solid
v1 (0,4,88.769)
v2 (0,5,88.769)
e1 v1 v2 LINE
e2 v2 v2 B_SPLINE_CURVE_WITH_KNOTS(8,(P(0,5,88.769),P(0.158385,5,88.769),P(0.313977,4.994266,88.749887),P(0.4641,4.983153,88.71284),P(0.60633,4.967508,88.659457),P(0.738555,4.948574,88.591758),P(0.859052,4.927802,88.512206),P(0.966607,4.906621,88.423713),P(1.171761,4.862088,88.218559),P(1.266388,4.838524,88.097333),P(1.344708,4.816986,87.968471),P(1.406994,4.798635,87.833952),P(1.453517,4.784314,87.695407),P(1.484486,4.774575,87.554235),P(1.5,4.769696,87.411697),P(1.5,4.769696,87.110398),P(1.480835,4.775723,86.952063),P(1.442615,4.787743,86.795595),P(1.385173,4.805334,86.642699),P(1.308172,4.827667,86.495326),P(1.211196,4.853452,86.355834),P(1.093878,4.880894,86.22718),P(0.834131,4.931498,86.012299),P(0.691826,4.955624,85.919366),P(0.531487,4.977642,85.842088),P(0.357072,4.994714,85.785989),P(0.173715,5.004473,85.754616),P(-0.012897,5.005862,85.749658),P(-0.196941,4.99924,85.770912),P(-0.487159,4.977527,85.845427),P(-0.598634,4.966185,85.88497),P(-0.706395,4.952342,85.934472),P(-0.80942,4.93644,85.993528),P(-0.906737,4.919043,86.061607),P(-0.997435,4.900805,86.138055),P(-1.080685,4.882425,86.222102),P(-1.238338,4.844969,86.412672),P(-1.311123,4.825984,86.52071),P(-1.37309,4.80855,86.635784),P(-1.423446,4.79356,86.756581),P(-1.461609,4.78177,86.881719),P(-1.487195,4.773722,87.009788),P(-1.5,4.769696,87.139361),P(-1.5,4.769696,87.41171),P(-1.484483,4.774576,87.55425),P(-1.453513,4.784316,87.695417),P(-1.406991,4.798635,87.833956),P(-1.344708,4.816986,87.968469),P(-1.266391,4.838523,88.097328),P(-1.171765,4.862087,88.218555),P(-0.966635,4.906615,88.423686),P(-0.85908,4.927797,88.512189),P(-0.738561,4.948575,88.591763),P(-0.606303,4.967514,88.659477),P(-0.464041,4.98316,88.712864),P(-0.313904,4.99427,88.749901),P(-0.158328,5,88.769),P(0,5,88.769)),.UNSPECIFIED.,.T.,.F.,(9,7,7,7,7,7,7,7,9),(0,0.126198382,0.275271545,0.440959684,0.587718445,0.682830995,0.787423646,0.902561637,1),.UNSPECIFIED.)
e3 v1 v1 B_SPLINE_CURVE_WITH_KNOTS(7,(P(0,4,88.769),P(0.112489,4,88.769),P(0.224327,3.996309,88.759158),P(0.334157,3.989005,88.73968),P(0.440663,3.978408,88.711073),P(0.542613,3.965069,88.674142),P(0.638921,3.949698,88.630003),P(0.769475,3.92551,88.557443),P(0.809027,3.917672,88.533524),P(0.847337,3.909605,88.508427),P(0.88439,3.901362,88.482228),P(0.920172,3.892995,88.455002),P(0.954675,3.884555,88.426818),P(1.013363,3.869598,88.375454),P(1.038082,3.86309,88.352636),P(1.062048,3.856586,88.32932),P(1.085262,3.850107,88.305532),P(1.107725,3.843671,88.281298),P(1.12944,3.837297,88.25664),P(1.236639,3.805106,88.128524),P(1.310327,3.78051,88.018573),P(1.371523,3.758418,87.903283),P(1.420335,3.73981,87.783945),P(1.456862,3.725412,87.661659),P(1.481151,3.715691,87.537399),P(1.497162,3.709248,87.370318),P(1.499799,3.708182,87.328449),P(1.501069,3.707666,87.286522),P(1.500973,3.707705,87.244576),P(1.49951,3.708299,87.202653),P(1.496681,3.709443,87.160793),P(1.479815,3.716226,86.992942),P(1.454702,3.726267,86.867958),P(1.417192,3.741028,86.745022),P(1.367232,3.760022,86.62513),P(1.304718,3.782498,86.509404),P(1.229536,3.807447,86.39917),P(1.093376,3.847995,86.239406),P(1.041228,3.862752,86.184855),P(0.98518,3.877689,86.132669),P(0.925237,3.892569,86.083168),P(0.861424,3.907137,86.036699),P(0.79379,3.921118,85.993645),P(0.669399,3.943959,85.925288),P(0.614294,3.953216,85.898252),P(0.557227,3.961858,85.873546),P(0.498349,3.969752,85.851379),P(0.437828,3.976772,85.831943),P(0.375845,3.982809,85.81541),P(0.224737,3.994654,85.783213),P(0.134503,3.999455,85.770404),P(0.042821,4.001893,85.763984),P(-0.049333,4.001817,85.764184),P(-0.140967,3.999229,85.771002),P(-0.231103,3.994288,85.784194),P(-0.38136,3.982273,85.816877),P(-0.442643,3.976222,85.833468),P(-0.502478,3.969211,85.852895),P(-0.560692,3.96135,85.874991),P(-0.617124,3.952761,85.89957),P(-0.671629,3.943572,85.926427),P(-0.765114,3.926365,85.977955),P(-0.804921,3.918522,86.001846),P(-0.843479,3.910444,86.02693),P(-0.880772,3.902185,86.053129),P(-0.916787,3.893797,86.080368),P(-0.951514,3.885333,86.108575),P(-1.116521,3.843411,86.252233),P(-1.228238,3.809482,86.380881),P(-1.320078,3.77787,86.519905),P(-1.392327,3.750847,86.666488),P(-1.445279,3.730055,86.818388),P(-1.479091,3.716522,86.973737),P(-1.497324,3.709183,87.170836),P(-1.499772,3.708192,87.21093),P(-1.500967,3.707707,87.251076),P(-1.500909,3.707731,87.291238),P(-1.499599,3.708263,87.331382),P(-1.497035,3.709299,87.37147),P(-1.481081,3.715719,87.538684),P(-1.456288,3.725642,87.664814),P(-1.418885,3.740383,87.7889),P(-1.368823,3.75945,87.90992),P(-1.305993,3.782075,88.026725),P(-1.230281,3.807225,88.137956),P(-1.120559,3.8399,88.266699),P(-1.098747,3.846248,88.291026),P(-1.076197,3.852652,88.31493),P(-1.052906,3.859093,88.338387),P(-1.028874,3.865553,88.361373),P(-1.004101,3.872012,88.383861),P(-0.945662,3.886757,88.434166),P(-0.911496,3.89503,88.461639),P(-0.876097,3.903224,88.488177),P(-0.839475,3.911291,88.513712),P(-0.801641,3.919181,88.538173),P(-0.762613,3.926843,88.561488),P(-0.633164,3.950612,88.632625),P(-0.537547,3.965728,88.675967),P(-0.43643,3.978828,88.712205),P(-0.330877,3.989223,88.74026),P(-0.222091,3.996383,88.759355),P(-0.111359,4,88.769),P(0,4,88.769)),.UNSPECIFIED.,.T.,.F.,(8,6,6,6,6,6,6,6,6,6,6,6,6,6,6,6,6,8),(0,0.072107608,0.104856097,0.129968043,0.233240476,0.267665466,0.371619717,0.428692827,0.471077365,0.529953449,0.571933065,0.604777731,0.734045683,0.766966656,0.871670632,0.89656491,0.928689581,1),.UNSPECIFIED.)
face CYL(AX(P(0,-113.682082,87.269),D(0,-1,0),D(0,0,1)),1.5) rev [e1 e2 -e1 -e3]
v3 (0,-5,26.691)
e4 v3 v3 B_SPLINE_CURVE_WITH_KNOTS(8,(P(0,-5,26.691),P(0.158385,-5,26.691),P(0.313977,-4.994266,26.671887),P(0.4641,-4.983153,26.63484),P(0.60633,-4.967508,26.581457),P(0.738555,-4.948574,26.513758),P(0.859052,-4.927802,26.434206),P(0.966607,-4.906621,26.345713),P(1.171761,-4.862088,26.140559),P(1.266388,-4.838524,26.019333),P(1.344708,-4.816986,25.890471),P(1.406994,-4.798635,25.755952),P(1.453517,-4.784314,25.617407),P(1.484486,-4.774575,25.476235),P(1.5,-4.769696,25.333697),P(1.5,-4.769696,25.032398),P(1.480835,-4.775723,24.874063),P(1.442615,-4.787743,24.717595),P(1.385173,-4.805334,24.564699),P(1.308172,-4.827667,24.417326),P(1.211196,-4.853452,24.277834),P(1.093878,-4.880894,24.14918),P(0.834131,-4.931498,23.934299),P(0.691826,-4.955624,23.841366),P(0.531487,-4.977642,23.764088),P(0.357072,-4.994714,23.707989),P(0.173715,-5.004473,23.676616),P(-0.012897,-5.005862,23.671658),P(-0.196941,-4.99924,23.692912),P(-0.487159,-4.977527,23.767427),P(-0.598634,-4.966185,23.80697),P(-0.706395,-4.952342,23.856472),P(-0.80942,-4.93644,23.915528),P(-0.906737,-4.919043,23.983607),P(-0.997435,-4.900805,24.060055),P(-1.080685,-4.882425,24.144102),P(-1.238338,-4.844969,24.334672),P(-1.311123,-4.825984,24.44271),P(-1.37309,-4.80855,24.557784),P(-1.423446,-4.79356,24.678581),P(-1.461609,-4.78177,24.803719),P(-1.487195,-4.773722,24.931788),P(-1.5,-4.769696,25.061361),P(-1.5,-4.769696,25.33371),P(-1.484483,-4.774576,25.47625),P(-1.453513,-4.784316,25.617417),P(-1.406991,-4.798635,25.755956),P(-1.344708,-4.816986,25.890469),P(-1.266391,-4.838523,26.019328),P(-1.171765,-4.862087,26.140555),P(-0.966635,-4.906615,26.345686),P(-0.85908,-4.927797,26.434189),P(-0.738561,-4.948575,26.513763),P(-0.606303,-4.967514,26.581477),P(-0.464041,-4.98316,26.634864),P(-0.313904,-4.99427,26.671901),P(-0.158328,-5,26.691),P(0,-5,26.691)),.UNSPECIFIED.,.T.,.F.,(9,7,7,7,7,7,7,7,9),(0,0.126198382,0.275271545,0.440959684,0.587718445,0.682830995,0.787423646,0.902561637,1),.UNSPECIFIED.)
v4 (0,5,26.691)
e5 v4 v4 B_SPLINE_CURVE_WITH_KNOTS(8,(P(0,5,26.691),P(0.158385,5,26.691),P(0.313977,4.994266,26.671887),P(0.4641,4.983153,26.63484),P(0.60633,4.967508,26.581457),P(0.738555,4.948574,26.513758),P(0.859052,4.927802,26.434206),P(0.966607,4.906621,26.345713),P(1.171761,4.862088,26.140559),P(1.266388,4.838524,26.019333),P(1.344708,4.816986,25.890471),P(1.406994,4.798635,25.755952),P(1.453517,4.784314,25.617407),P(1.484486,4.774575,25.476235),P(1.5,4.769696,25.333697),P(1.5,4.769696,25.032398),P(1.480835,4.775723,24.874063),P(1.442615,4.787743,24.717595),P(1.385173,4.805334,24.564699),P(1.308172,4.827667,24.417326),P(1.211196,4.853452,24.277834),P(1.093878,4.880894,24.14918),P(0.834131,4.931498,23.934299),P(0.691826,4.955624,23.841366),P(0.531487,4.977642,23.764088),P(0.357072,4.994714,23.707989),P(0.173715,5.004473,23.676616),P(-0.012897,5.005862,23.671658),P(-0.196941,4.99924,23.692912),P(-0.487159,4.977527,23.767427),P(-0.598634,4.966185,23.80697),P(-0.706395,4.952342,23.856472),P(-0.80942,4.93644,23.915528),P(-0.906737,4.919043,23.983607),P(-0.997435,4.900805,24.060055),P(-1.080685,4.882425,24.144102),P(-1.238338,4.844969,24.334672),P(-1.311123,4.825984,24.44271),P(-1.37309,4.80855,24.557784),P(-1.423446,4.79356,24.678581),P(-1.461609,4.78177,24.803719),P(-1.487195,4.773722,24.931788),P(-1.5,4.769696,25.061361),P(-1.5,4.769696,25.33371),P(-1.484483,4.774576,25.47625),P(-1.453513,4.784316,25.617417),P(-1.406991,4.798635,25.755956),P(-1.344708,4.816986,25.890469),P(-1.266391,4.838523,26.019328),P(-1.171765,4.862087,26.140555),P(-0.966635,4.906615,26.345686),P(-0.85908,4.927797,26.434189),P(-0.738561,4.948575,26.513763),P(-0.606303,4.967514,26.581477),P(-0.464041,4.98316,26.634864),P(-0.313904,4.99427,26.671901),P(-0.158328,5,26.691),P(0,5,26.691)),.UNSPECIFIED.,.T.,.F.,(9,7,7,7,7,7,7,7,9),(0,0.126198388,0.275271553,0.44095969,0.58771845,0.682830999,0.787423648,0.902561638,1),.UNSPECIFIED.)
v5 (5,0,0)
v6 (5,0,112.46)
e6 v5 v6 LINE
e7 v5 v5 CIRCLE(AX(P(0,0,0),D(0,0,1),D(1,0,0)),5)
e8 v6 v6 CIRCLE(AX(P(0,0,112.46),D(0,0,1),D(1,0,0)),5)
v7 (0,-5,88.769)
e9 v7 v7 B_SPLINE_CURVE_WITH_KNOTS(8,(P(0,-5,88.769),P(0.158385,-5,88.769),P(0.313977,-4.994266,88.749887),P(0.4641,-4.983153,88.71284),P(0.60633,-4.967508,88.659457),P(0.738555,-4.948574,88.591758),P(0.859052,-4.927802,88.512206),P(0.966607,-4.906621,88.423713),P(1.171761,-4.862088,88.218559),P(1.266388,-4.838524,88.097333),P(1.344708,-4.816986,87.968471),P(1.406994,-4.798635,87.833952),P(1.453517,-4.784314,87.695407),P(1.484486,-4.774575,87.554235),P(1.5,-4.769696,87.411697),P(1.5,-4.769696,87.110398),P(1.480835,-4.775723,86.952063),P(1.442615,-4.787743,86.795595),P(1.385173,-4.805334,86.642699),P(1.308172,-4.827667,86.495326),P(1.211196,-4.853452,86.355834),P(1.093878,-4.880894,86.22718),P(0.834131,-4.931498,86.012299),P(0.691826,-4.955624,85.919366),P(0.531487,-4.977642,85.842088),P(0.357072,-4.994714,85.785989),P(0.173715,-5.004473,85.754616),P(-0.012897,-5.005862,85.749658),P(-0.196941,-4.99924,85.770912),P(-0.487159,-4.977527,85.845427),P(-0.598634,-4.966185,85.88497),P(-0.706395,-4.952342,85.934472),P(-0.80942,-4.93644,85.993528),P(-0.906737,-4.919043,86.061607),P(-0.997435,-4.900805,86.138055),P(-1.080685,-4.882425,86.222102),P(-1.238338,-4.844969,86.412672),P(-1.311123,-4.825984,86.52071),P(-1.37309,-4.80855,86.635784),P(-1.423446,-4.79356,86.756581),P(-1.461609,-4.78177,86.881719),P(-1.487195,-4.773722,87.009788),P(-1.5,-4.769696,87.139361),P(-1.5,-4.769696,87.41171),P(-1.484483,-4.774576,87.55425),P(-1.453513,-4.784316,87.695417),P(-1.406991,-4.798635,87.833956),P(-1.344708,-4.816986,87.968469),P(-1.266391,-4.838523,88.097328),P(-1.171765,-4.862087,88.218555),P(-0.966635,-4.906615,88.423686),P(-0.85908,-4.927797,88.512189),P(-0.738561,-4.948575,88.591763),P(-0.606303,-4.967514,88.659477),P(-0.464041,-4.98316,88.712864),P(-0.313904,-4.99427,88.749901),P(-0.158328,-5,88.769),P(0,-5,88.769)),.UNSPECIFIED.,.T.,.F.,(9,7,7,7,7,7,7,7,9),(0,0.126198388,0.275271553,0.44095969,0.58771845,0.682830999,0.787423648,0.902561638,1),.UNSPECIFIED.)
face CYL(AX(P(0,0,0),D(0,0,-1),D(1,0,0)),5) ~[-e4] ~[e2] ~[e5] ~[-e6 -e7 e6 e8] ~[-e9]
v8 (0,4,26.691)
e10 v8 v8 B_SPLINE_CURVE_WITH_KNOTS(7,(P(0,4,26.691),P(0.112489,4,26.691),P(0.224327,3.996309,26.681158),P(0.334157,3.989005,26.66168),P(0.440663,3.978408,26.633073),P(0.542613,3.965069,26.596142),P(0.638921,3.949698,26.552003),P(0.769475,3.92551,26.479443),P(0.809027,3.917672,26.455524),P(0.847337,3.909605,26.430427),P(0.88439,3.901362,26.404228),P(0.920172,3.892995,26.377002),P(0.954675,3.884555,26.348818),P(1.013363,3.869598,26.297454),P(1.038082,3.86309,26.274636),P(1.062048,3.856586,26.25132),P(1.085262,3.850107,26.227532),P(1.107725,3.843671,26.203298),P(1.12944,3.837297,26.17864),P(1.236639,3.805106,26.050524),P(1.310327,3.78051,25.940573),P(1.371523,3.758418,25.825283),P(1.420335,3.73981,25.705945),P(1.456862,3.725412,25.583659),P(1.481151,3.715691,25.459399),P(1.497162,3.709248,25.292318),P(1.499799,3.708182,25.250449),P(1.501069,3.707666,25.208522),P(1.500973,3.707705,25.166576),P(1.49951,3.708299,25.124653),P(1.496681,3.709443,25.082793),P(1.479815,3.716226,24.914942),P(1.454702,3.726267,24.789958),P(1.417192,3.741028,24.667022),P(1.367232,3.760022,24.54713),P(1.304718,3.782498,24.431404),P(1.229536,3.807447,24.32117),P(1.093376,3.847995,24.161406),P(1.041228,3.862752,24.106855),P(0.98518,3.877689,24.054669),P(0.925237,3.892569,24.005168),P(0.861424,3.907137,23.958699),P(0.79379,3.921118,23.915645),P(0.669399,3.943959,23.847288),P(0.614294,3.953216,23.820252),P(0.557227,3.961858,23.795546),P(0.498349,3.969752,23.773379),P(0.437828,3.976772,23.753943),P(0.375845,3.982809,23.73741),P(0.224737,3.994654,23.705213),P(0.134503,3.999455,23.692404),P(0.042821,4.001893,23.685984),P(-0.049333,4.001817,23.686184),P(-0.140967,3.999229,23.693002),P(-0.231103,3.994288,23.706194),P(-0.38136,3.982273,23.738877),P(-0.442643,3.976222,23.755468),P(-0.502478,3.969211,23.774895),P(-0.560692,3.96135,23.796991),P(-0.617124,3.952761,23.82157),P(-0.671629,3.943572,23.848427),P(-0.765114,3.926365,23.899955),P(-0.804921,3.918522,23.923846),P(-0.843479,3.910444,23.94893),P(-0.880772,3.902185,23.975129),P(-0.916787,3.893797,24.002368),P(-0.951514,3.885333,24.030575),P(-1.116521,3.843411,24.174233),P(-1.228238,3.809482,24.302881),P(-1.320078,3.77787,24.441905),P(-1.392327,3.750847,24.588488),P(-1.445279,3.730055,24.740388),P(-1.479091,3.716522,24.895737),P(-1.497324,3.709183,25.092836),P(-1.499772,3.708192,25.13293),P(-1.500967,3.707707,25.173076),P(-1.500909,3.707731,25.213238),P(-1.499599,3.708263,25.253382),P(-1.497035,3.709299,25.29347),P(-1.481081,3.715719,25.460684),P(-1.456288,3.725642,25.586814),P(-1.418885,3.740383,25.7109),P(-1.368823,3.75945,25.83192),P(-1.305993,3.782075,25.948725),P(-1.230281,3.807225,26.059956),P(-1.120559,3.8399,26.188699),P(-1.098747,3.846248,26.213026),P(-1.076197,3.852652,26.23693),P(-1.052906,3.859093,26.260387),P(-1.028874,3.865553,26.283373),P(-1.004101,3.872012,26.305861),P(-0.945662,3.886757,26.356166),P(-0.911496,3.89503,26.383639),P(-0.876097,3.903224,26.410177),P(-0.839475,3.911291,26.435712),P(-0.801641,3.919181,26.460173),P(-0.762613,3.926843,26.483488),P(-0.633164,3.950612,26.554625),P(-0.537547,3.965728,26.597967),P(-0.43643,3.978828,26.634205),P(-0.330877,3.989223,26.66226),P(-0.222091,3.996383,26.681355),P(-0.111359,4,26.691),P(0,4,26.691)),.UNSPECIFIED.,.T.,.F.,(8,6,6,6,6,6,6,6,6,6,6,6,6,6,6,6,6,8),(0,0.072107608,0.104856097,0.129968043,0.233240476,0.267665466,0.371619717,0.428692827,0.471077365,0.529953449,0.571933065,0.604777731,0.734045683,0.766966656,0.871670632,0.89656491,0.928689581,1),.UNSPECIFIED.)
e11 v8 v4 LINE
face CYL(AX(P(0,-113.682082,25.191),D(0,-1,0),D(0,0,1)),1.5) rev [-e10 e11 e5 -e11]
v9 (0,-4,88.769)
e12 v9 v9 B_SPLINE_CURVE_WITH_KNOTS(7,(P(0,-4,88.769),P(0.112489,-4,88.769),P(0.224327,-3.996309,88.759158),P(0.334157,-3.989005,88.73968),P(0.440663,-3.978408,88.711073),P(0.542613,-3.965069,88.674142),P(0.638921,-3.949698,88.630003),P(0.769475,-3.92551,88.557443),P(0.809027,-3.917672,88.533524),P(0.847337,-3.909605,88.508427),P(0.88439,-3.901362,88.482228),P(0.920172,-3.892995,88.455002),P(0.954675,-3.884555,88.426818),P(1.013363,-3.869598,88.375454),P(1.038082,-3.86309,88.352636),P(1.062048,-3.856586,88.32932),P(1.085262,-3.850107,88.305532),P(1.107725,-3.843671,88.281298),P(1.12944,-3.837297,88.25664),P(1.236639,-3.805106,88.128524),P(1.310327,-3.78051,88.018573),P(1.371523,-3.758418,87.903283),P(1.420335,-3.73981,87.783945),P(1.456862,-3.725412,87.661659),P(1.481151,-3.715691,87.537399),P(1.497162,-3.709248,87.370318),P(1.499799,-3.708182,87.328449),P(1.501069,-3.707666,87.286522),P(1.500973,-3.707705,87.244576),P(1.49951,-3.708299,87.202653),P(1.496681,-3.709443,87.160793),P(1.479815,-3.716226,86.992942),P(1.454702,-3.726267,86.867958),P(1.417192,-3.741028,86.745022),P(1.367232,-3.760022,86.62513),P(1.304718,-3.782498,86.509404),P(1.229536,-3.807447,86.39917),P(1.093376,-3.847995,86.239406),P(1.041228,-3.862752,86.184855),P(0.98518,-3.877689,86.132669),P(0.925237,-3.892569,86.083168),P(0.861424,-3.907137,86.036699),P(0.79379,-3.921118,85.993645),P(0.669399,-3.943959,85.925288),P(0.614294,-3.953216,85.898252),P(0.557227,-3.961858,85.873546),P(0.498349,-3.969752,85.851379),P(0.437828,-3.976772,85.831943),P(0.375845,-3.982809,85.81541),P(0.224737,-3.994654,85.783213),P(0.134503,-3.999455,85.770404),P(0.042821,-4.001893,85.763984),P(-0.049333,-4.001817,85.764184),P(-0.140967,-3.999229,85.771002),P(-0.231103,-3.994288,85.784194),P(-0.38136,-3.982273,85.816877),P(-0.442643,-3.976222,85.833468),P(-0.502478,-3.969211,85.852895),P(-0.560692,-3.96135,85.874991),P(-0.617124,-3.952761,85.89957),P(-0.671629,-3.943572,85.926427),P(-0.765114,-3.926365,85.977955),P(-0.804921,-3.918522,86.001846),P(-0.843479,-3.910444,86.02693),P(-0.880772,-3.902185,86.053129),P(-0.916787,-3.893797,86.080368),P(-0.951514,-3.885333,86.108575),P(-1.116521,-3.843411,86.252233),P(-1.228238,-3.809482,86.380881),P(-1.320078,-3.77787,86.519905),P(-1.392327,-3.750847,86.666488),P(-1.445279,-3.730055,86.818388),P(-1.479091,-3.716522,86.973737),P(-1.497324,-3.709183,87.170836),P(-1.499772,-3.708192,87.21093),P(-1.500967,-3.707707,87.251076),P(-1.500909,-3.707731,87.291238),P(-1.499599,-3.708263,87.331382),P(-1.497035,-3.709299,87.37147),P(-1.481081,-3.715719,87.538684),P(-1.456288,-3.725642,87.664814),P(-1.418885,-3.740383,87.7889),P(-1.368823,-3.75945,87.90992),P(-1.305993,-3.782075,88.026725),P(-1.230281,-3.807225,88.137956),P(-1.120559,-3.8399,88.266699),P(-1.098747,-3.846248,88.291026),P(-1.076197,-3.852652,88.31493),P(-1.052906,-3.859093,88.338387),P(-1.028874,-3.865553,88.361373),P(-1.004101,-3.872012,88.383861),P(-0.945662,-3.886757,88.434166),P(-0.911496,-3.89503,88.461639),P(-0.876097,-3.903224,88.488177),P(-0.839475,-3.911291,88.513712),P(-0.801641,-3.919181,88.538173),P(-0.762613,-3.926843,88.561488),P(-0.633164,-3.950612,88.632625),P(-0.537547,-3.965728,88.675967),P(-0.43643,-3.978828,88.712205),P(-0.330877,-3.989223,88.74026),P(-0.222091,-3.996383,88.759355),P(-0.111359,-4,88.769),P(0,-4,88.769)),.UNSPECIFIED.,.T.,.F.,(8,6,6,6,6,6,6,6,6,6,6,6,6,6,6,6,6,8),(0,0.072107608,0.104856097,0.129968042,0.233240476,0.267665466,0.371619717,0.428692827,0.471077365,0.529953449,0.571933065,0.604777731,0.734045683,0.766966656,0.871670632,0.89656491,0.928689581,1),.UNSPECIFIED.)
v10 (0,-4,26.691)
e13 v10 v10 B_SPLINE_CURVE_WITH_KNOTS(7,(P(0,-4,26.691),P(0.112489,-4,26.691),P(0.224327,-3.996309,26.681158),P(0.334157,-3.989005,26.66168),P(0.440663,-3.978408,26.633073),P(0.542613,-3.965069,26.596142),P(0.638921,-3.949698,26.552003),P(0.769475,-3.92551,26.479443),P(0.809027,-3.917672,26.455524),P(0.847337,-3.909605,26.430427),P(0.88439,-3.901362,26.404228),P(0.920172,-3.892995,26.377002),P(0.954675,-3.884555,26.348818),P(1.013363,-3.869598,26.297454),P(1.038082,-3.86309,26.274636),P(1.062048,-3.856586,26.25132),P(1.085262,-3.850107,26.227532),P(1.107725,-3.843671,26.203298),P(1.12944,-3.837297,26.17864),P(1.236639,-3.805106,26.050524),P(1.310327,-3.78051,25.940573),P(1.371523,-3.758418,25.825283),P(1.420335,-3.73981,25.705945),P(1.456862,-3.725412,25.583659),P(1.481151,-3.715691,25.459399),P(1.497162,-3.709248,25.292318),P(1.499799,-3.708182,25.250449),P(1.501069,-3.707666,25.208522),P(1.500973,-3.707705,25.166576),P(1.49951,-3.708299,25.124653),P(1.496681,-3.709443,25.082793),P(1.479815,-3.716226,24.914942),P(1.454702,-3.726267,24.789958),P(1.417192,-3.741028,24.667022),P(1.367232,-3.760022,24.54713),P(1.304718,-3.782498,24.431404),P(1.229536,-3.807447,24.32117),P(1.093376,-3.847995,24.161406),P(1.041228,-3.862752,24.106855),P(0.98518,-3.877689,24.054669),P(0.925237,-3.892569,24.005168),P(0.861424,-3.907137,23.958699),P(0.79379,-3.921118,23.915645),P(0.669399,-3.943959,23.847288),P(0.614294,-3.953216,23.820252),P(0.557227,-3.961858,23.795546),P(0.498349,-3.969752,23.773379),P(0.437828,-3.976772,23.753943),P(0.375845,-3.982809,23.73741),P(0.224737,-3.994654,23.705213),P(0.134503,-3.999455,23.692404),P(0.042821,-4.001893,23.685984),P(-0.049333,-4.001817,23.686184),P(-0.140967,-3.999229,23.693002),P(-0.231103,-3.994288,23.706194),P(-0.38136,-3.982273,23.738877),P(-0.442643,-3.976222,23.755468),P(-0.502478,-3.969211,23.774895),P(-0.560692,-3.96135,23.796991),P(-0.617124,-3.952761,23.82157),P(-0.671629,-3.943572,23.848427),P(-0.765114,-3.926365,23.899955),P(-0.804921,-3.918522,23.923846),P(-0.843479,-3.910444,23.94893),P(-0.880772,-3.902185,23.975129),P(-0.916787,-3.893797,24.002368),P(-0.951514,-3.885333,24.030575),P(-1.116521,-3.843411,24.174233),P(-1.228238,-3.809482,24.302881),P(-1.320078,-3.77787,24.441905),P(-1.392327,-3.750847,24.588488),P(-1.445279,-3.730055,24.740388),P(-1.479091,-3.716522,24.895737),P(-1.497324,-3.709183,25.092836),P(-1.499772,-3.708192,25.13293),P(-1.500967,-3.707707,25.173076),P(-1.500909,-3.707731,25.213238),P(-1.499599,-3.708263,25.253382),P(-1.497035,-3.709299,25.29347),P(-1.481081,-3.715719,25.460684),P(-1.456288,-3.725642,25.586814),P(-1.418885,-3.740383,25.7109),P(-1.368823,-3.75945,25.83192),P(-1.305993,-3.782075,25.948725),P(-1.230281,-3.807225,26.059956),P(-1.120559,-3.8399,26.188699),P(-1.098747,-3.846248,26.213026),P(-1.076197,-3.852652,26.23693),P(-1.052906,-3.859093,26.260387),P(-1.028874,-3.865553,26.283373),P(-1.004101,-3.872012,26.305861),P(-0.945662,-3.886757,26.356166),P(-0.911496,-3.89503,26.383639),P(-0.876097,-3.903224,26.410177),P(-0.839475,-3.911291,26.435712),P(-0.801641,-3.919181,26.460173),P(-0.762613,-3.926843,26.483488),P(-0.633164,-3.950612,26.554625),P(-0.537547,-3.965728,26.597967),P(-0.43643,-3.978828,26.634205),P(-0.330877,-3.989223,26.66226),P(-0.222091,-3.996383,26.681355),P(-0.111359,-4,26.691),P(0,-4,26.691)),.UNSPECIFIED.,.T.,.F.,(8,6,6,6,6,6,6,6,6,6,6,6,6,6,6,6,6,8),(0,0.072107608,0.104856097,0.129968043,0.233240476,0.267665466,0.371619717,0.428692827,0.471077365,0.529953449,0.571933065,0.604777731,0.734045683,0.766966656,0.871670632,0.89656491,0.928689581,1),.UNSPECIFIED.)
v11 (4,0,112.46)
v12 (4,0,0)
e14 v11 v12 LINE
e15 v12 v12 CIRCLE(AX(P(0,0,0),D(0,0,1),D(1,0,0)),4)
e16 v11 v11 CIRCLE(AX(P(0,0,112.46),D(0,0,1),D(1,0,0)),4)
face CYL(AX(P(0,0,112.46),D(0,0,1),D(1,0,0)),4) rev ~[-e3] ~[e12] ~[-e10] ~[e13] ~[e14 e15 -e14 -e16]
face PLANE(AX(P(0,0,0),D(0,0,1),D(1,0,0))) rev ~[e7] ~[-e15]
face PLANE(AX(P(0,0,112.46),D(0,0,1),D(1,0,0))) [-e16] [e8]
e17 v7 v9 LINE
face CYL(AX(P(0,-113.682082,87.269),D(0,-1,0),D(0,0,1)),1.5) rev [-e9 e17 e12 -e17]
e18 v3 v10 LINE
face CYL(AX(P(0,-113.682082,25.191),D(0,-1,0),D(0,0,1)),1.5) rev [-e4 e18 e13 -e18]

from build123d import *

# Parameters (mm, degrees)
SKETCH1_R               = 5
BOSS_EXTRUDE1_DEPTH     = 112.46
CUT_EXTRUDE1_REACH      = 114.682
SKETCH2_R               = 4
CUT_EXTRUDE2_DEPTH      = 113.682081983
CUT_EXTRUDE2_DEPTH_BACK = 113.682081983
SKETCH5_R               = 1.5


with BuildPart() as part:
    # Sketch1 → Boss-Extrude1 (new body)
    with BuildSketch(Plane.XY):
        Circle(SKETCH1_R)
    extrude(amount=BOSS_EXTRUDE1_DEPTH)

    # Sketch2 → Cut-Extrude1 (cut, up to next)
    with BuildSketch(Plane.XY.offset(112.46), mode=Mode.PRIVATE) as cut_extrude1_sk1:
        Circle(SKETCH2_R)
    cut_extrude1_tool1 = extrude(cut_extrude1_sk1.sketch, amount=-CUT_EXTRUDE1_REACH, mode=Mode.PRIVATE) & part.part
    add(cut_extrude1_tool1.solids().sort_by_distance((0, 0, 112.46))[0], mode=Mode.SUBTRACT)

    # Sketch5 → Cut-Extrude2 (cut, two sides: drawn at the far end of the back side and taken through both)
    with BuildSketch(Plane(origin=(0, 0, 0), x_dir=(1, 0, 0), z_dir=(0, 1, 0)).offset(-CUT_EXTRUDE2_DEPTH_BACK)):
        with Locations(Location((0, -25.191, 0), (0, 0, 270))):
            Circle(SKETCH5_R)
        with Locations(Location((0, -87.269, 0), (0, 0, 270))):
            Circle(SKETCH5_R)
    extrude(amount=CUT_EXTRUDE2_DEPTH + CUT_EXTRUDE2_DEPTH_BACK, mode=Mode.SUBTRACT)


solid = part.part
